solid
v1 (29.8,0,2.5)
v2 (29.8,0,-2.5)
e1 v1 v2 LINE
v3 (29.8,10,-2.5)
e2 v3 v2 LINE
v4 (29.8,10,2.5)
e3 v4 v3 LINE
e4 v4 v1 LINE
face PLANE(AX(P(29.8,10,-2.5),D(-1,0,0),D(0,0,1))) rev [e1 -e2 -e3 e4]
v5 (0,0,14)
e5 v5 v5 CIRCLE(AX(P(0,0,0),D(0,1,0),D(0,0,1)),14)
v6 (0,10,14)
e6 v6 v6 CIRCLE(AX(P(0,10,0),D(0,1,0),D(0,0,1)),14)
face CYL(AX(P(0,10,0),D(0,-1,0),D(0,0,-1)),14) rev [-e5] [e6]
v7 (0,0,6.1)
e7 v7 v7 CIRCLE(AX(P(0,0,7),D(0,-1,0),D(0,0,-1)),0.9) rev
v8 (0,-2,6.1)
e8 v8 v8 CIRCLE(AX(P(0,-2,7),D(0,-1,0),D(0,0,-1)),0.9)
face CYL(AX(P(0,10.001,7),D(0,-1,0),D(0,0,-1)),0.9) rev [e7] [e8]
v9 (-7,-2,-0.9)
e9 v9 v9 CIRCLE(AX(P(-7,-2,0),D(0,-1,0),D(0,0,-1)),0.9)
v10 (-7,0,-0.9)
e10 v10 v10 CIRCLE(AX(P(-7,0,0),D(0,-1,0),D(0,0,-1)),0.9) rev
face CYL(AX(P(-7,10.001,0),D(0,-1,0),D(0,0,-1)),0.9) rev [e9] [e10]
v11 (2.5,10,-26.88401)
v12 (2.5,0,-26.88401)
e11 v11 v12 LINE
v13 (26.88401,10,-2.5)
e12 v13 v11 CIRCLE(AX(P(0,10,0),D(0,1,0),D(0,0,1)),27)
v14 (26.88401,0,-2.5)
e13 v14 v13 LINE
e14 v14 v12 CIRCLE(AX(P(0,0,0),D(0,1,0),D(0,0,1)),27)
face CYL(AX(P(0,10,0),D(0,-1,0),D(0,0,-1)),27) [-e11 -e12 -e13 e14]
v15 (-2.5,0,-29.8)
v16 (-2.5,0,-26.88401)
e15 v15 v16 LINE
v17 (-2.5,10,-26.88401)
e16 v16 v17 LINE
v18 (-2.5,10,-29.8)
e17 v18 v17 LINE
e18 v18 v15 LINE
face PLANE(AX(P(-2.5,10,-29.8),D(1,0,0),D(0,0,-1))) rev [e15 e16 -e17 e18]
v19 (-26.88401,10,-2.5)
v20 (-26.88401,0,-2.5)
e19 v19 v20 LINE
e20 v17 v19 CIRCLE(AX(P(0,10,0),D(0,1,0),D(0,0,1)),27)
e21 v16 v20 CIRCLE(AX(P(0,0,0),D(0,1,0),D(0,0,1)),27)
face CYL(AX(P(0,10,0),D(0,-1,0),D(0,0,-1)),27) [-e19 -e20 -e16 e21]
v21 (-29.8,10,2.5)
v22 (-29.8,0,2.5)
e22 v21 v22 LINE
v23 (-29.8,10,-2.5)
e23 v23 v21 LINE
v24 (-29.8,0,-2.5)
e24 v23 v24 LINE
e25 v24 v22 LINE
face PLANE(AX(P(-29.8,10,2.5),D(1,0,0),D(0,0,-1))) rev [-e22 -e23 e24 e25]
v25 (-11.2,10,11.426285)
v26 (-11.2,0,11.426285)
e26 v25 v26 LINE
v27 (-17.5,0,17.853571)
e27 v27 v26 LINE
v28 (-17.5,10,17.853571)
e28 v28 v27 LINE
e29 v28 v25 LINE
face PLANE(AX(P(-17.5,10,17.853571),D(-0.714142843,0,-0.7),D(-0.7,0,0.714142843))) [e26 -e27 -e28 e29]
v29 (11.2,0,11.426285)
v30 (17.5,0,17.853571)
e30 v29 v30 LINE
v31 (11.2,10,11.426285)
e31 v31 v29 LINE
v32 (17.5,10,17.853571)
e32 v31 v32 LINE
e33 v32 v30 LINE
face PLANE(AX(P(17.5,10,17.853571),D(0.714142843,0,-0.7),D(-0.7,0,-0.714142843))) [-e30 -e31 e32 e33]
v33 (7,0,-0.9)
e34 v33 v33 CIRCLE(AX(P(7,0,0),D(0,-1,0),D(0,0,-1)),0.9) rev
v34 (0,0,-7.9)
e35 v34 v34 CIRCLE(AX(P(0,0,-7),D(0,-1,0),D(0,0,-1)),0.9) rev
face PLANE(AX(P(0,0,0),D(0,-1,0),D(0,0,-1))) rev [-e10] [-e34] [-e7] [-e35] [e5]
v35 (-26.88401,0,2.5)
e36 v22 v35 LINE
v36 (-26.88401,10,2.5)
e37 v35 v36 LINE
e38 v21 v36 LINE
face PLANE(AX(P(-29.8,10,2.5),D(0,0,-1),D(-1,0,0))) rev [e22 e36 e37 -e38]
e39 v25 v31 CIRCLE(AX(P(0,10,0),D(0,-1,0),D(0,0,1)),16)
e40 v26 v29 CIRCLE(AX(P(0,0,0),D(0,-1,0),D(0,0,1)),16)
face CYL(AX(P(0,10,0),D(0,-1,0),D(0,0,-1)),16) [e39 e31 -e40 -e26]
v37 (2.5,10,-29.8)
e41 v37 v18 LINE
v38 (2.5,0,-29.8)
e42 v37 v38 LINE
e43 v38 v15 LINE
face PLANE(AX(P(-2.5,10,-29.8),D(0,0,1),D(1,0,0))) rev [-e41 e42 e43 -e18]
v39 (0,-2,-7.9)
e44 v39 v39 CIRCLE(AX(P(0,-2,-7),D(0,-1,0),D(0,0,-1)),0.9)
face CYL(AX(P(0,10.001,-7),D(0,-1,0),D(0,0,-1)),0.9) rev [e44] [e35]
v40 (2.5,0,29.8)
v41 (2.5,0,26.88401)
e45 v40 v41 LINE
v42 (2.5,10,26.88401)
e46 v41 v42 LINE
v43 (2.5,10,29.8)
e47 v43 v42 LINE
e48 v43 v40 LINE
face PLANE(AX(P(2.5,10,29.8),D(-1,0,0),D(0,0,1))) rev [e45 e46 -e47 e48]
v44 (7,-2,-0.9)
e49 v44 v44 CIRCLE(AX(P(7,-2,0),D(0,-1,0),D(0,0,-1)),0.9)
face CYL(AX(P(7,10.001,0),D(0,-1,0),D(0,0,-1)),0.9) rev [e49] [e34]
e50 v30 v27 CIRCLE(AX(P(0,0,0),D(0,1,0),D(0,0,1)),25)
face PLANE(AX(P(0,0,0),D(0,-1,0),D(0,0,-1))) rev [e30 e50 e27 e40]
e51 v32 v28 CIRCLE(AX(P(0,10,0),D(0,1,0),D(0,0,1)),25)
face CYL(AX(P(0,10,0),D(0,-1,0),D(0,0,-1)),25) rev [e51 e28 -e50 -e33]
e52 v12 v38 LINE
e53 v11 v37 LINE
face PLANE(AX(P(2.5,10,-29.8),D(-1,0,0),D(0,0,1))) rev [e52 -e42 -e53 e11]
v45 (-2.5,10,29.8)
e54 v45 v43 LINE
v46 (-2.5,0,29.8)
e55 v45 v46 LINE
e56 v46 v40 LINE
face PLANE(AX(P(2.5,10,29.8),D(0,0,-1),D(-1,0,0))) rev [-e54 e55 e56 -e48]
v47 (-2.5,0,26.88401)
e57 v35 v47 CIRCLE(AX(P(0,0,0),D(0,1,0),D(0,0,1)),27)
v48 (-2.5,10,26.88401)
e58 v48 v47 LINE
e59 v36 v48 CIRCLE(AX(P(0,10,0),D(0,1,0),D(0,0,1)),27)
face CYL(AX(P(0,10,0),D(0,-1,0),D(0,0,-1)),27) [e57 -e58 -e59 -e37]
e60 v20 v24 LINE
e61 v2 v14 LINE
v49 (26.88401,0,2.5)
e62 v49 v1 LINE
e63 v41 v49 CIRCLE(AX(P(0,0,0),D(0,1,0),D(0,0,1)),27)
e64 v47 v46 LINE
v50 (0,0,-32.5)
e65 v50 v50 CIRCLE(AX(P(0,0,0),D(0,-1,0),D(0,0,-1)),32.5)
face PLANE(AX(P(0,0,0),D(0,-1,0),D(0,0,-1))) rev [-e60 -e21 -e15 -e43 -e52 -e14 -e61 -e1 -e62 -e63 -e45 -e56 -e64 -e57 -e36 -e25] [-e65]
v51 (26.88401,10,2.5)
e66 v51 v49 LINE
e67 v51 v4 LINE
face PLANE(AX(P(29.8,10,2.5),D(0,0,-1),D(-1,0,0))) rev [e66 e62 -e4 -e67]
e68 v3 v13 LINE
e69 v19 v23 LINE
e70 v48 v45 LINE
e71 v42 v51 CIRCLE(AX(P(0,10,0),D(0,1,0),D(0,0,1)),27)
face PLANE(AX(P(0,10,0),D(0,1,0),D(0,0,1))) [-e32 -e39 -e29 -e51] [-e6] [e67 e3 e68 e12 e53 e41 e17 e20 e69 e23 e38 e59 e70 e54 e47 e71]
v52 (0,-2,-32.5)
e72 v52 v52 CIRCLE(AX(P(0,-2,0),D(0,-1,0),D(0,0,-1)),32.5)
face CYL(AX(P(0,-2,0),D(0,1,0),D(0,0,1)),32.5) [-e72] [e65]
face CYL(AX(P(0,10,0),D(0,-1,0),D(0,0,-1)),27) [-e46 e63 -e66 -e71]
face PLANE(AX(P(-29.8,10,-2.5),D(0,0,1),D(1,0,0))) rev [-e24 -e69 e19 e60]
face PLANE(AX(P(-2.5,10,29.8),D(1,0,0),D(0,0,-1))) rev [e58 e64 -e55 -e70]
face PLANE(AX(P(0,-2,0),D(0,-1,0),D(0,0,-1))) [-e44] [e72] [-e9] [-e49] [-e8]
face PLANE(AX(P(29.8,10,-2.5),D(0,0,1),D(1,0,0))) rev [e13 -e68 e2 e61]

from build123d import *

# Parameters (mm, degrees)
SKETCH1_R           = 27
SKETCH1_R_2         = 14
BOSS_EXTRUDE1_DEPTH = 10
SKETCH2_R           = 32.5
BOSS_EXTRUDE2_DEPTH = 2
SKETCH3_W           = 5
SKETCH3_H           = 4.39677325
SKETCH3_W_2         = 4.39677325
SKETCH3_H_2         = 5
BOSS_EXTRUDE3_DEPTH = 10
CUT_EXTRUDE1_REACH  = 49.503
SKETCH4_R           = 0.9


with BuildPart() as part:
    # Sketch1 → Boss-Extrude1 (new body)
    with BuildSketch(Plane(origin=(0, 0, 0), x_dir=(1, 0, 0), z_dir=(0, 1, 0))):
        with Locations(Location((0, 0, 0), (0, 0, 270))):
            Circle(SKETCH1_R)
        with Locations(Location((0, 0, 0), (0, 0, 270))):
            Circle(SKETCH1_R_2, mode=Mode.SUBTRACT)
        with BuildLine():
            Line((-17.5, -17.853571071), (-11.2, -11.426285486))
            ThreePointArc((-11.2, -11.426285486), (0, 16), (11.2, -11.426285486))
            Line((11.2, -11.426285486), (17.5, -17.853571071))
            ThreePointArc((17.5, -17.853571071), (0, 25), (-17.5, -17.853571071))
        make_face(mode=Mode.SUBTRACT)
    extrude(amount=BOSS_EXTRUDE1_DEPTH)

    # Sketch2 → Boss-Extrude2 (add)
    with BuildSketch(Plane.XZ):
        with Locations(Location((0, 0, 0), (0, 0, 270))):
            Circle(SKETCH2_R)
    extrude(amount=BOSS_EXTRUDE2_DEPTH)

    # Sketch3 → Boss-Extrude3 (add)
    with BuildSketch(Plane(origin=(0, 0, 0), x_dir=(1, 0, 0), z_dir=(0, 1, 0))):
        with Locations((0, 27.601613375)):
            Rectangle(SKETCH3_W, SKETCH3_H)
        with Locations((27.601613375, 0)):
            Rectangle(SKETCH3_W_2, SKETCH3_H_2)
        with Locations((0, -27.601613375)):
            Rectangle(SKETCH3_W, SKETCH3_H)
        with Locations((-27.601613375, 0)):
            Rectangle(SKETCH3_W_2, SKETCH3_H_2)
    extrude(amount=BOSS_EXTRUDE3_DEPTH)

    # Sketch4 → Cut-Extrude1 (cut, up to next)
    with BuildSketch(Plane.XZ.offset(2), mode=Mode.PRIVATE) as cut_extrude1_sk1:
        with Locations(Location((0, -7, 0), (0, 0, 270))):
            Circle(SKETCH4_R)
    cut_extrude1_tool1 = extrude(cut_extrude1_sk1.sketch, amount=-CUT_EXTRUDE1_REACH, mode=Mode.PRIVATE) & part.part
    # Sketch4 → Cut-Extrude1 (cut, up to next)
    with BuildSketch(Plane.XZ.offset(2), mode=Mode.PRIVATE) as cut_extrude1_sk2:
        with Locations(Location((-7, 0, 0), (0, 0, 270))):
            Circle(SKETCH4_R)
    cut_extrude1_tool2 = extrude(cut_extrude1_sk2.sketch, amount=-CUT_EXTRUDE1_REACH, mode=Mode.PRIVATE) & part.part
    # Sketch4 → Cut-Extrude1 (cut, up to next)
    with BuildSketch(Plane.XZ.offset(2), mode=Mode.PRIVATE) as cut_extrude1_sk3:
        with Locations(Location((0, 7, 0), (0, 0, 270))):
            Circle(SKETCH4_R)
    cut_extrude1_tool3 = extrude(cut_extrude1_sk3.sketch, amount=-CUT_EXTRUDE1_REACH, mode=Mode.PRIVATE) & part.part
    # Sketch4 → Cut-Extrude1 (cut, up to next)
    with BuildSketch(Plane.XZ.offset(2), mode=Mode.PRIVATE) as cut_extrude1_sk4:
        with Locations(Location((7, 0, 0), (0, 0, 270))):
            Circle(SKETCH4_R)
    cut_extrude1_tool4 = extrude(cut_extrude1_sk4.sketch, amount=-CUT_EXTRUDE1_REACH, mode=Mode.PRIVATE) & part.part
    add(cut_extrude1_tool1.solids().sort_by_distance((0, -2, -7))[0], mode=Mode.SUBTRACT)
    add(cut_extrude1_tool2.solids().sort_by_distance((-7, -2, 0))[0], mode=Mode.SUBTRACT)
    add(cut_extrude1_tool3.solids().sort_by_distance((0, -2, 7))[0], mode=Mode.SUBTRACT)
    add(cut_extrude1_tool4.solids().sort_by_distance((7, -2, 0))[0], mode=Mode.SUBTRACT)


solid = part.part
